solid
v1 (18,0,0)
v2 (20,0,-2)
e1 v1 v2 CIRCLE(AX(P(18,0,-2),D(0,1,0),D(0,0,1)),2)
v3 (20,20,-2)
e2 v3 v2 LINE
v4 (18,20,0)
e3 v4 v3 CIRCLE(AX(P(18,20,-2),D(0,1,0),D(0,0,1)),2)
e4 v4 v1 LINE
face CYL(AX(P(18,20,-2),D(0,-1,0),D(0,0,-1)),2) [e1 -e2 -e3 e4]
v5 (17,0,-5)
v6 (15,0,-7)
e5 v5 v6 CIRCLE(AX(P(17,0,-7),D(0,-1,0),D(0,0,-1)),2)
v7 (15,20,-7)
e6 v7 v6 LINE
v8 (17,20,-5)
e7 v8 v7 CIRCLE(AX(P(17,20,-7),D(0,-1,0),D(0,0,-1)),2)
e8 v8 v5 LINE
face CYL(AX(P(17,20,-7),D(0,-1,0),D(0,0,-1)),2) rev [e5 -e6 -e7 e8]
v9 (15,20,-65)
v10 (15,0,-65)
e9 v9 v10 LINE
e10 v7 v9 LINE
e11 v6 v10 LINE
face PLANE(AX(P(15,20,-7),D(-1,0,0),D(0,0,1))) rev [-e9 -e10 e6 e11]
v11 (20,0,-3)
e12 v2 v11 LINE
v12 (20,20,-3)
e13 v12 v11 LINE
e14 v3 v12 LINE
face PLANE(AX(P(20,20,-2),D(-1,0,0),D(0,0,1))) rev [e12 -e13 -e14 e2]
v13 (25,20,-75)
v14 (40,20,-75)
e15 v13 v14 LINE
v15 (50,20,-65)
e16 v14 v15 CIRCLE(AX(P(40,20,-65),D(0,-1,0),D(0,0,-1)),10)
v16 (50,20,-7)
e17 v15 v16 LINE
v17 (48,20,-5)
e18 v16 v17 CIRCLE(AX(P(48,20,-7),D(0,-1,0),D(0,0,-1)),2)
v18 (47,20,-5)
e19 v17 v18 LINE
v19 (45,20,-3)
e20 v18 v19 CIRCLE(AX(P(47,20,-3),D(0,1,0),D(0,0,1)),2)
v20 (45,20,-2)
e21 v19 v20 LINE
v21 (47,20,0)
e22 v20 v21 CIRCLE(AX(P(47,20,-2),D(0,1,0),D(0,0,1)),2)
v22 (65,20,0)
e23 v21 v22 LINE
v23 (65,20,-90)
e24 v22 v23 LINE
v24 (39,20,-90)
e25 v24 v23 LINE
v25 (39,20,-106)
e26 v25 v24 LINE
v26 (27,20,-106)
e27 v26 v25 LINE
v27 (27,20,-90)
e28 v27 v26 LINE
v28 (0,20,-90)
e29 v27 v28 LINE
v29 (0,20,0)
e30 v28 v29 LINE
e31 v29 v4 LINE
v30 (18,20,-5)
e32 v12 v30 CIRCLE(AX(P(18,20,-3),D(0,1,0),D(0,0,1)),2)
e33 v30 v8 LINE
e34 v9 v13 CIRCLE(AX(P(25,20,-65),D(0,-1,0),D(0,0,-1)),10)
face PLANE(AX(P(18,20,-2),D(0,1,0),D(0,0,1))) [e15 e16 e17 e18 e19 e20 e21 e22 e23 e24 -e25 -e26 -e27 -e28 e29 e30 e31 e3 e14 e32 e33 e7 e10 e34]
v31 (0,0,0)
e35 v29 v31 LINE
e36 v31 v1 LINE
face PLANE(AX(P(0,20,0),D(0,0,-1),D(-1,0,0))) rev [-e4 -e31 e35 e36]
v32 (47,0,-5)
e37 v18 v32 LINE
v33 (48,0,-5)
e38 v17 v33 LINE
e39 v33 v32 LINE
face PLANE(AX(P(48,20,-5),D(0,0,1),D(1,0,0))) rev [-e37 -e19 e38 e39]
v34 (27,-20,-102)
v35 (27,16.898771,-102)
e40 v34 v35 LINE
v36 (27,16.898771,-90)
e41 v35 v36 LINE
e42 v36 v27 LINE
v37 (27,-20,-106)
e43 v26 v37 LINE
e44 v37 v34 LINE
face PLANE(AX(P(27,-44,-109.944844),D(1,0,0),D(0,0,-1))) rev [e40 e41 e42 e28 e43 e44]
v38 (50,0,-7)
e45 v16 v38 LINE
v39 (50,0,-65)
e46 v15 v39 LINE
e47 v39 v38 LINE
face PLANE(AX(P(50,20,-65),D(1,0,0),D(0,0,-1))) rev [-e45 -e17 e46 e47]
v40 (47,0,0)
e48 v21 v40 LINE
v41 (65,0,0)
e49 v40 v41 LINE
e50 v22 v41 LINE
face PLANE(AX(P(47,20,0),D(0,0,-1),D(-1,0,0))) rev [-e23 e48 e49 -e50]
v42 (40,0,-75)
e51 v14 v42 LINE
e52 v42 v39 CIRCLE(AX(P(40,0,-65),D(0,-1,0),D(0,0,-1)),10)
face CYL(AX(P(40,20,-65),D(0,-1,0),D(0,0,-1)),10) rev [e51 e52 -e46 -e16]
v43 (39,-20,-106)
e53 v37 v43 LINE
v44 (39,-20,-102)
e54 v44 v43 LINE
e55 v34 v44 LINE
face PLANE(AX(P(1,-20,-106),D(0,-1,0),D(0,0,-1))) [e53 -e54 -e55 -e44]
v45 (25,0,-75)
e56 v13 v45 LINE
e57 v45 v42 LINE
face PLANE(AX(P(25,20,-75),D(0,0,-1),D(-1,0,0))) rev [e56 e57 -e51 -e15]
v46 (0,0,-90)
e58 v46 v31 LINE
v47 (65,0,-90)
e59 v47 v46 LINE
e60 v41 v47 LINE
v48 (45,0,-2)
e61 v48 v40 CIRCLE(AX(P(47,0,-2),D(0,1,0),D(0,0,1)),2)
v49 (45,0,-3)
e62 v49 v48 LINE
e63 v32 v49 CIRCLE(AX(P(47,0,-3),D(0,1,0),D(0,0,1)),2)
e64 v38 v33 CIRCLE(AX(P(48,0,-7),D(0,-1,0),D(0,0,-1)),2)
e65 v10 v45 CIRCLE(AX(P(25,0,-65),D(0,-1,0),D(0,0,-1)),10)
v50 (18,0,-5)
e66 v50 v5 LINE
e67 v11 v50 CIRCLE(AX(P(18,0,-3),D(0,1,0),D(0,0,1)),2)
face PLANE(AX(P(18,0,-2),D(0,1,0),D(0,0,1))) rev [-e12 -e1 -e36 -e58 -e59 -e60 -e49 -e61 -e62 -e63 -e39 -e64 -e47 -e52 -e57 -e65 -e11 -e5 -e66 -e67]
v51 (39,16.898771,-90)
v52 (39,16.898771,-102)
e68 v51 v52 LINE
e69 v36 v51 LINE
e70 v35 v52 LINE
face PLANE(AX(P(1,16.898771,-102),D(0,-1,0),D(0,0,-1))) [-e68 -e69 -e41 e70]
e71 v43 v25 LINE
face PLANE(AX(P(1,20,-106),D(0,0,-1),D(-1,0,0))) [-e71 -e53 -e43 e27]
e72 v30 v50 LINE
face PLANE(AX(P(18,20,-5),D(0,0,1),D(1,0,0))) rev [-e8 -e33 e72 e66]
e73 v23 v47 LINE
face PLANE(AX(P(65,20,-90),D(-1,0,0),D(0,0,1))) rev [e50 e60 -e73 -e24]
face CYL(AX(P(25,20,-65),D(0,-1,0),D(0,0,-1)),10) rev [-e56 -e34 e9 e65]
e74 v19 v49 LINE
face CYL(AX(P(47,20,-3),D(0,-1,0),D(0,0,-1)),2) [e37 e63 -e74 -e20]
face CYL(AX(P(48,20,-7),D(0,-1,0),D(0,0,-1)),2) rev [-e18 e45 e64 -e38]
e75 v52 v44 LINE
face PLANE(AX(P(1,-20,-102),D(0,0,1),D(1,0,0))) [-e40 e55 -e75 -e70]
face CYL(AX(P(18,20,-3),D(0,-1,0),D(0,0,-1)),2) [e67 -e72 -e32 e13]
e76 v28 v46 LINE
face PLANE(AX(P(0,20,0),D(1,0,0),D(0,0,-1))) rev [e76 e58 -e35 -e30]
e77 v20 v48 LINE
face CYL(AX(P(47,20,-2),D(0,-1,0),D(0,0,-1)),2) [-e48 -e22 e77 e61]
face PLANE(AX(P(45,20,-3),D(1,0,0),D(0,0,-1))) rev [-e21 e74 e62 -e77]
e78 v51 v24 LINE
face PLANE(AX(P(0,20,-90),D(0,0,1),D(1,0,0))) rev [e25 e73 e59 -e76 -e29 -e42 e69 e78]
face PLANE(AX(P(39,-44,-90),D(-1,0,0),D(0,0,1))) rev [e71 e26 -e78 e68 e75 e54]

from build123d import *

# Parameters (mm, degrees)
EXTRUDE_1_DEPTH     = 20
EXTRUDE_2_DEPTH     = 64
CUT_EXTRUDE_1_DEPTH = 64


with BuildPart() as part:
    # Эскиз4 → Бобышка-Вытянуть1 (new body)
    with BuildSketch(Plane(origin=(0, 0, 0), x_dir=(1, 0, 0), z_dir=(0, 1, 0))):
        with BuildLine():
            Line((0, 0), (0, 90))
            Line((0, 90), (65, 90))
            Line((65, 90), (65, 0))
            Line((65, 0), (47, 0))
            ThreePointArc((47, 0), (45.585786438, 0.585786438), (45, 2))
            Line((45, 2), (45, 3))
            ThreePointArc((45, 3), (45.585786438, 4.414213562), (47, 5))
            Line((47, 5), (48, 5))
            ThreePointArc((48, 5), (49.414213562, 5.585786438), (50, 7))
            Line((50, 7), (50, 65))
            ThreePointArc((50, 65), (47.071067812, 72.071067812), (40, 75))
            Line((40, 75), (25, 75))
            ThreePointArc((25, 75), (17.928932188, 72.071067812), (15, 65))
            Line((15, 65), (15, 7))
            ThreePointArc((15, 7), (15.585786438, 5.585786438), (17, 5))
            Line((17, 5), (18, 5))
            ThreePointArc((18, 5), (19.414213562, 4.414213562), (20, 3))
            Line((20, 3), (20, 2))
            ThreePointArc((20, 2), (19.414213562, 0.585786438), (18, 0))
            Line((18, 0), (0, 0))
        make_face()
    extrude(amount=EXTRUDE_1_DEPTH)

    # Эскиз6 → Бобышка-Вытянуть2 (add)
    with BuildSketch(Plane(origin=(65, 0, 0), x_dir=(0, 0, -1), z_dir=(1, 0, 0))):
        Polygon((90, 20), (106, 20), (106, -20), (102, -20), (102, 16.898771426), (90, 16.898771426), align=None)
    extrude(amount=-EXTRUDE_2_DEPTH)

    # Эскиз7 → Вырез-Вытянуть1 (cut)
    with BuildSketch(Plane(origin=(0, 20, 0), x_dir=(1, 0, 0), z_dir=(0, 1, 0))):
        Polygon((27, 109.944844375), (27, 90), (-10.963229583, 90), (-10.963229583, 111.789211804), align=None)
        Polygon((39, 90), (39, 113.326184662), (82.188937299, 109.944844375), (82.188937299, 90), align=None)
    extrude(amount=-CUT_EXTRUDE_1_DEPTH, mode=Mode.SUBTRACT)


solid = part.part
